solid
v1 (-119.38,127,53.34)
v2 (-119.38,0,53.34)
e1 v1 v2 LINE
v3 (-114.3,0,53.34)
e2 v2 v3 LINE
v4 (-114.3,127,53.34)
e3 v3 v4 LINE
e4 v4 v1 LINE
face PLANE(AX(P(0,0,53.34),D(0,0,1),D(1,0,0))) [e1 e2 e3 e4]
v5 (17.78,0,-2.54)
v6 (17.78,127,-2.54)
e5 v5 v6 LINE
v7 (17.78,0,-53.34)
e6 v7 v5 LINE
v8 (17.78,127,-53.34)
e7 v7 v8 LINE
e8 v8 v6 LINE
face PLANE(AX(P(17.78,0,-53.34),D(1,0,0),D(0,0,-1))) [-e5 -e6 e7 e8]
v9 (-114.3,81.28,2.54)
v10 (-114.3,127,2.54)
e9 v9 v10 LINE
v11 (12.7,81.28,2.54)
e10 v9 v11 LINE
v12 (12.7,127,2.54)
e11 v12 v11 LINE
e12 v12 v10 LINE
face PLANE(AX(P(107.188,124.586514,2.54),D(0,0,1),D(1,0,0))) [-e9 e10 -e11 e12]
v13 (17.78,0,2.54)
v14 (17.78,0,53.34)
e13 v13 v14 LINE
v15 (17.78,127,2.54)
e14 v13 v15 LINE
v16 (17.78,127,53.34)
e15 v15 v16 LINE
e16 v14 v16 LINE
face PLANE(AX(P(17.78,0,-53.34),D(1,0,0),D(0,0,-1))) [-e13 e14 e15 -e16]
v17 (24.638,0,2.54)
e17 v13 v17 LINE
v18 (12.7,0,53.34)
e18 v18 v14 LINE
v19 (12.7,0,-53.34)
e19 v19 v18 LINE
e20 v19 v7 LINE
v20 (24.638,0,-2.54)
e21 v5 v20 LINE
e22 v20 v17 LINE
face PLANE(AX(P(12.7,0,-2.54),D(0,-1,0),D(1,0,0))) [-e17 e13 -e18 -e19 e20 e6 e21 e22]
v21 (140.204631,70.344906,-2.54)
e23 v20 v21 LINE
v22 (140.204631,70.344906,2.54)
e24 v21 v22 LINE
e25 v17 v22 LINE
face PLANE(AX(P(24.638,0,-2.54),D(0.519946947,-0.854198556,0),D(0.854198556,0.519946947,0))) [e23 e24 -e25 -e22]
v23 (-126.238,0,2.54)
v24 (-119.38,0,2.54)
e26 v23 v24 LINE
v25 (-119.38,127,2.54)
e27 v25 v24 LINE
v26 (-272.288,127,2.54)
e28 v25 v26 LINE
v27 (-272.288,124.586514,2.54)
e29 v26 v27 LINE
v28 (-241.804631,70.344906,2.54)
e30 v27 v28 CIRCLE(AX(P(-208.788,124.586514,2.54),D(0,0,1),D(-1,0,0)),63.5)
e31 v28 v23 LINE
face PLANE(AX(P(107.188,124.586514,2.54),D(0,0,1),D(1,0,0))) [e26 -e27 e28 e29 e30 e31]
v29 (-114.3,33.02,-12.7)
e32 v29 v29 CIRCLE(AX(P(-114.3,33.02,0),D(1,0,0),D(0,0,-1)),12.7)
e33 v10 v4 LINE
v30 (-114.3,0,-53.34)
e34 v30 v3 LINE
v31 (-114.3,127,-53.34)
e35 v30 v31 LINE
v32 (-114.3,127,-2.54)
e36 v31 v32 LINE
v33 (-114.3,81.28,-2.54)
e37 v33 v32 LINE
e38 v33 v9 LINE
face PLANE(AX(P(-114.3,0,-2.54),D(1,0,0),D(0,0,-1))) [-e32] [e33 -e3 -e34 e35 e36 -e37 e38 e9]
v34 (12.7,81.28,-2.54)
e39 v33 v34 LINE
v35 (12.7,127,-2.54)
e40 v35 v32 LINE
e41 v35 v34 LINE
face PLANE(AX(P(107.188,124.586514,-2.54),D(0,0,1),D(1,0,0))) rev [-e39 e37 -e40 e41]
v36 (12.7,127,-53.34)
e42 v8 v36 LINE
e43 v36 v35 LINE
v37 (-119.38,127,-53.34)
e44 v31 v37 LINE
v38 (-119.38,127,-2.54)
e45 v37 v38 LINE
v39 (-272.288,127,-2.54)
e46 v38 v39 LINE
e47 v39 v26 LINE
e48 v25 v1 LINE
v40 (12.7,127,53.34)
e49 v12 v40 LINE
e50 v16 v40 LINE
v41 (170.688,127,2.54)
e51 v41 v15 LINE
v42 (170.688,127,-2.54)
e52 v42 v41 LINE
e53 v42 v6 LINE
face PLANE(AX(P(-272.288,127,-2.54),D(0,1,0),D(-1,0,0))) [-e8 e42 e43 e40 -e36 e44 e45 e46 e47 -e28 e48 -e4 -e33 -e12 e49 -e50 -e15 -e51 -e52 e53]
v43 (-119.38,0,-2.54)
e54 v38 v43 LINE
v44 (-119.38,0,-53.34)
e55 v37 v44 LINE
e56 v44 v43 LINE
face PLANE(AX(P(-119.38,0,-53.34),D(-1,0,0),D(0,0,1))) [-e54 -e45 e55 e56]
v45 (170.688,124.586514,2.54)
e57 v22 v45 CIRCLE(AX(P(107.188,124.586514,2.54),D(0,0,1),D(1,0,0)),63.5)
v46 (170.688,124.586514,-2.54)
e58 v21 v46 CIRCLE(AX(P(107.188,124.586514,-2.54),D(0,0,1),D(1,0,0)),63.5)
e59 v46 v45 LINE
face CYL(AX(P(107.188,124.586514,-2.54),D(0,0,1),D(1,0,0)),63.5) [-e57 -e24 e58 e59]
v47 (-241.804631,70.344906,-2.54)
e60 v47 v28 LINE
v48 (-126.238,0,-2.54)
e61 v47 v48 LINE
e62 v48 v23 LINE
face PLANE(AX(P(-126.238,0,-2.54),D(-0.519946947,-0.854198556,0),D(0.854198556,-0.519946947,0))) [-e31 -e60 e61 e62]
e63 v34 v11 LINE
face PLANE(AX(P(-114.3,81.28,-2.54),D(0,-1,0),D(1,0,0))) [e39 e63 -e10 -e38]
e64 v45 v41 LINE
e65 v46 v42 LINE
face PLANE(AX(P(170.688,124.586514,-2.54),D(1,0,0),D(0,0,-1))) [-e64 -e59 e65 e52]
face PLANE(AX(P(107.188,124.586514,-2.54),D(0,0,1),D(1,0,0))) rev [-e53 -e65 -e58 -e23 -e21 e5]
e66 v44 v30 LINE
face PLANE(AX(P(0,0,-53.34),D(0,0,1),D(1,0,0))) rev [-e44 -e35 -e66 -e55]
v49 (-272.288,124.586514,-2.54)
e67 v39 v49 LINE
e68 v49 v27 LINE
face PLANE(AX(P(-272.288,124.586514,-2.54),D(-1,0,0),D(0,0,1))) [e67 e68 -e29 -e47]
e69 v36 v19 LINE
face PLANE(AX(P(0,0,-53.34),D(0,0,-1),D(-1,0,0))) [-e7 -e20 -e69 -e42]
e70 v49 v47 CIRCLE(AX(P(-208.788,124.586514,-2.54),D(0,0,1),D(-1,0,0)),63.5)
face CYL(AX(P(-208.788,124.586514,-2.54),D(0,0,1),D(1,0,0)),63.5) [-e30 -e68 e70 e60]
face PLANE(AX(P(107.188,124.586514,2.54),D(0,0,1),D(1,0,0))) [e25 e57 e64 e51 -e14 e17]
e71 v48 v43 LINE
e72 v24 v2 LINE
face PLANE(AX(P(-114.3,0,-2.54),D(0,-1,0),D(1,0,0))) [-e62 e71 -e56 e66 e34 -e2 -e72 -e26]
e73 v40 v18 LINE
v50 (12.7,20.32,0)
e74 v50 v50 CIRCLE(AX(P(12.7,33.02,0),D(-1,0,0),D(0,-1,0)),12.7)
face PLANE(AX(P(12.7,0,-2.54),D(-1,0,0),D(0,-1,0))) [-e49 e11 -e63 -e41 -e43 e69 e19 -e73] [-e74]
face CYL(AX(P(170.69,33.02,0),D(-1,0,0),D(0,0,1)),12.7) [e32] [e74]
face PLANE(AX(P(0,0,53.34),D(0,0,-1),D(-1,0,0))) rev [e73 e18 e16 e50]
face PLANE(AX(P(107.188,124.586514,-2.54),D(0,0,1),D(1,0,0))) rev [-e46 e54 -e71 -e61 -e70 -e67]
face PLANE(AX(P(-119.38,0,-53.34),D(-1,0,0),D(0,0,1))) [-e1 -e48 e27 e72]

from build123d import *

# Parameters (mm, degrees)
BOSS_EXTRUDE1_DEPTH      = 2.54
BOSS_EXTRUDE1_DEPTH_BACK = 2.54
BOSS_EXTRUDE2_DEPTH      = 50.8
BOSS_EXTRUDE2_DEPTH_BACK = 55.88
SKETCH3_W                = 5.08
SKETCH3_H                = 127
BOSS_EXTRUDE3_REACH      = 318.532
SKETCH4_R                = 12.7


with BuildPart() as part:
    # Sketch2 → Boss-Extrude1 (new, two sides: drawn at the far end of the back side and taken through both)
    with BuildSketch(Plane.XY.offset(-BOSS_EXTRUDE1_DEPTH_BACK)):
        with BuildLine():
            Line((-114.3, 0), (-126.238, 0))
            Line((-126.238, 0), (-241.804631128, 70.344905904))
            ThreePointArc((-241.804631128, 70.344905904), (-264.145050484, 93.476275329), (-272.288, 124.586514185))
            Line((-272.288, 124.586514185), (-272.288, 127))
            Line((-272.288, 127), (170.688, 127))
            Line((170.688, 127), (170.688, 124.586514185))
            ThreePointArc((170.688, 124.586514185), (162.545050484, 93.476275329), (140.204631128, 70.344905904))
            Line((140.204631128, 70.344905904), (24.638, 0))
            Line((24.638, 0), (12.7, 0))
            Line((12.7, 0), (12.7, 81.28))
            Line((12.7, 81.28), (-114.3, 81.28))
            Line((-114.3, 81.28), (-114.3, 0))
        make_face()
    extrude(amount=BOSS_EXTRUDE1_DEPTH + BOSS_EXTRUDE1_DEPTH_BACK)

    # Sketch3 → Boss-Extrude2 (add, two sides: drawn at the far end of the back side and taken through both)
    with BuildSketch(Plane.XY.offset(2.54).offset(-BOSS_EXTRUDE2_DEPTH_BACK)):
        with Locations((-116.84, 63.5)):
            Rectangle(SKETCH3_W, SKETCH3_H)
        with Locations((15.24, 63.5)):
            Rectangle(SKETCH3_W, SKETCH3_H)
    extrude(amount=BOSS_EXTRUDE2_DEPTH + BOSS_EXTRUDE2_DEPTH_BACK)

    # Sketch4 → Boss-Extrude3 (add, up to next)
    with BuildSketch(Plane(origin=(-114.3, 0, 0), x_dir=(0, 0, -1), z_dir=(1, 0, 0)), mode=Mode.PRIVATE) as boss_extrude3_sk1:
        with Locations((0, 33.02)):
            Circle(SKETCH4_R)
    boss_extrude3_tool1 = extrude(boss_extrude3_sk1.sketch, amount=BOSS_EXTRUDE3_REACH, mode=Mode.PRIVATE) - part.part
    add(boss_extrude3_tool1.solids().sort_by_distance((-114.3, 33.02, 0))[0])


solid = part.part
